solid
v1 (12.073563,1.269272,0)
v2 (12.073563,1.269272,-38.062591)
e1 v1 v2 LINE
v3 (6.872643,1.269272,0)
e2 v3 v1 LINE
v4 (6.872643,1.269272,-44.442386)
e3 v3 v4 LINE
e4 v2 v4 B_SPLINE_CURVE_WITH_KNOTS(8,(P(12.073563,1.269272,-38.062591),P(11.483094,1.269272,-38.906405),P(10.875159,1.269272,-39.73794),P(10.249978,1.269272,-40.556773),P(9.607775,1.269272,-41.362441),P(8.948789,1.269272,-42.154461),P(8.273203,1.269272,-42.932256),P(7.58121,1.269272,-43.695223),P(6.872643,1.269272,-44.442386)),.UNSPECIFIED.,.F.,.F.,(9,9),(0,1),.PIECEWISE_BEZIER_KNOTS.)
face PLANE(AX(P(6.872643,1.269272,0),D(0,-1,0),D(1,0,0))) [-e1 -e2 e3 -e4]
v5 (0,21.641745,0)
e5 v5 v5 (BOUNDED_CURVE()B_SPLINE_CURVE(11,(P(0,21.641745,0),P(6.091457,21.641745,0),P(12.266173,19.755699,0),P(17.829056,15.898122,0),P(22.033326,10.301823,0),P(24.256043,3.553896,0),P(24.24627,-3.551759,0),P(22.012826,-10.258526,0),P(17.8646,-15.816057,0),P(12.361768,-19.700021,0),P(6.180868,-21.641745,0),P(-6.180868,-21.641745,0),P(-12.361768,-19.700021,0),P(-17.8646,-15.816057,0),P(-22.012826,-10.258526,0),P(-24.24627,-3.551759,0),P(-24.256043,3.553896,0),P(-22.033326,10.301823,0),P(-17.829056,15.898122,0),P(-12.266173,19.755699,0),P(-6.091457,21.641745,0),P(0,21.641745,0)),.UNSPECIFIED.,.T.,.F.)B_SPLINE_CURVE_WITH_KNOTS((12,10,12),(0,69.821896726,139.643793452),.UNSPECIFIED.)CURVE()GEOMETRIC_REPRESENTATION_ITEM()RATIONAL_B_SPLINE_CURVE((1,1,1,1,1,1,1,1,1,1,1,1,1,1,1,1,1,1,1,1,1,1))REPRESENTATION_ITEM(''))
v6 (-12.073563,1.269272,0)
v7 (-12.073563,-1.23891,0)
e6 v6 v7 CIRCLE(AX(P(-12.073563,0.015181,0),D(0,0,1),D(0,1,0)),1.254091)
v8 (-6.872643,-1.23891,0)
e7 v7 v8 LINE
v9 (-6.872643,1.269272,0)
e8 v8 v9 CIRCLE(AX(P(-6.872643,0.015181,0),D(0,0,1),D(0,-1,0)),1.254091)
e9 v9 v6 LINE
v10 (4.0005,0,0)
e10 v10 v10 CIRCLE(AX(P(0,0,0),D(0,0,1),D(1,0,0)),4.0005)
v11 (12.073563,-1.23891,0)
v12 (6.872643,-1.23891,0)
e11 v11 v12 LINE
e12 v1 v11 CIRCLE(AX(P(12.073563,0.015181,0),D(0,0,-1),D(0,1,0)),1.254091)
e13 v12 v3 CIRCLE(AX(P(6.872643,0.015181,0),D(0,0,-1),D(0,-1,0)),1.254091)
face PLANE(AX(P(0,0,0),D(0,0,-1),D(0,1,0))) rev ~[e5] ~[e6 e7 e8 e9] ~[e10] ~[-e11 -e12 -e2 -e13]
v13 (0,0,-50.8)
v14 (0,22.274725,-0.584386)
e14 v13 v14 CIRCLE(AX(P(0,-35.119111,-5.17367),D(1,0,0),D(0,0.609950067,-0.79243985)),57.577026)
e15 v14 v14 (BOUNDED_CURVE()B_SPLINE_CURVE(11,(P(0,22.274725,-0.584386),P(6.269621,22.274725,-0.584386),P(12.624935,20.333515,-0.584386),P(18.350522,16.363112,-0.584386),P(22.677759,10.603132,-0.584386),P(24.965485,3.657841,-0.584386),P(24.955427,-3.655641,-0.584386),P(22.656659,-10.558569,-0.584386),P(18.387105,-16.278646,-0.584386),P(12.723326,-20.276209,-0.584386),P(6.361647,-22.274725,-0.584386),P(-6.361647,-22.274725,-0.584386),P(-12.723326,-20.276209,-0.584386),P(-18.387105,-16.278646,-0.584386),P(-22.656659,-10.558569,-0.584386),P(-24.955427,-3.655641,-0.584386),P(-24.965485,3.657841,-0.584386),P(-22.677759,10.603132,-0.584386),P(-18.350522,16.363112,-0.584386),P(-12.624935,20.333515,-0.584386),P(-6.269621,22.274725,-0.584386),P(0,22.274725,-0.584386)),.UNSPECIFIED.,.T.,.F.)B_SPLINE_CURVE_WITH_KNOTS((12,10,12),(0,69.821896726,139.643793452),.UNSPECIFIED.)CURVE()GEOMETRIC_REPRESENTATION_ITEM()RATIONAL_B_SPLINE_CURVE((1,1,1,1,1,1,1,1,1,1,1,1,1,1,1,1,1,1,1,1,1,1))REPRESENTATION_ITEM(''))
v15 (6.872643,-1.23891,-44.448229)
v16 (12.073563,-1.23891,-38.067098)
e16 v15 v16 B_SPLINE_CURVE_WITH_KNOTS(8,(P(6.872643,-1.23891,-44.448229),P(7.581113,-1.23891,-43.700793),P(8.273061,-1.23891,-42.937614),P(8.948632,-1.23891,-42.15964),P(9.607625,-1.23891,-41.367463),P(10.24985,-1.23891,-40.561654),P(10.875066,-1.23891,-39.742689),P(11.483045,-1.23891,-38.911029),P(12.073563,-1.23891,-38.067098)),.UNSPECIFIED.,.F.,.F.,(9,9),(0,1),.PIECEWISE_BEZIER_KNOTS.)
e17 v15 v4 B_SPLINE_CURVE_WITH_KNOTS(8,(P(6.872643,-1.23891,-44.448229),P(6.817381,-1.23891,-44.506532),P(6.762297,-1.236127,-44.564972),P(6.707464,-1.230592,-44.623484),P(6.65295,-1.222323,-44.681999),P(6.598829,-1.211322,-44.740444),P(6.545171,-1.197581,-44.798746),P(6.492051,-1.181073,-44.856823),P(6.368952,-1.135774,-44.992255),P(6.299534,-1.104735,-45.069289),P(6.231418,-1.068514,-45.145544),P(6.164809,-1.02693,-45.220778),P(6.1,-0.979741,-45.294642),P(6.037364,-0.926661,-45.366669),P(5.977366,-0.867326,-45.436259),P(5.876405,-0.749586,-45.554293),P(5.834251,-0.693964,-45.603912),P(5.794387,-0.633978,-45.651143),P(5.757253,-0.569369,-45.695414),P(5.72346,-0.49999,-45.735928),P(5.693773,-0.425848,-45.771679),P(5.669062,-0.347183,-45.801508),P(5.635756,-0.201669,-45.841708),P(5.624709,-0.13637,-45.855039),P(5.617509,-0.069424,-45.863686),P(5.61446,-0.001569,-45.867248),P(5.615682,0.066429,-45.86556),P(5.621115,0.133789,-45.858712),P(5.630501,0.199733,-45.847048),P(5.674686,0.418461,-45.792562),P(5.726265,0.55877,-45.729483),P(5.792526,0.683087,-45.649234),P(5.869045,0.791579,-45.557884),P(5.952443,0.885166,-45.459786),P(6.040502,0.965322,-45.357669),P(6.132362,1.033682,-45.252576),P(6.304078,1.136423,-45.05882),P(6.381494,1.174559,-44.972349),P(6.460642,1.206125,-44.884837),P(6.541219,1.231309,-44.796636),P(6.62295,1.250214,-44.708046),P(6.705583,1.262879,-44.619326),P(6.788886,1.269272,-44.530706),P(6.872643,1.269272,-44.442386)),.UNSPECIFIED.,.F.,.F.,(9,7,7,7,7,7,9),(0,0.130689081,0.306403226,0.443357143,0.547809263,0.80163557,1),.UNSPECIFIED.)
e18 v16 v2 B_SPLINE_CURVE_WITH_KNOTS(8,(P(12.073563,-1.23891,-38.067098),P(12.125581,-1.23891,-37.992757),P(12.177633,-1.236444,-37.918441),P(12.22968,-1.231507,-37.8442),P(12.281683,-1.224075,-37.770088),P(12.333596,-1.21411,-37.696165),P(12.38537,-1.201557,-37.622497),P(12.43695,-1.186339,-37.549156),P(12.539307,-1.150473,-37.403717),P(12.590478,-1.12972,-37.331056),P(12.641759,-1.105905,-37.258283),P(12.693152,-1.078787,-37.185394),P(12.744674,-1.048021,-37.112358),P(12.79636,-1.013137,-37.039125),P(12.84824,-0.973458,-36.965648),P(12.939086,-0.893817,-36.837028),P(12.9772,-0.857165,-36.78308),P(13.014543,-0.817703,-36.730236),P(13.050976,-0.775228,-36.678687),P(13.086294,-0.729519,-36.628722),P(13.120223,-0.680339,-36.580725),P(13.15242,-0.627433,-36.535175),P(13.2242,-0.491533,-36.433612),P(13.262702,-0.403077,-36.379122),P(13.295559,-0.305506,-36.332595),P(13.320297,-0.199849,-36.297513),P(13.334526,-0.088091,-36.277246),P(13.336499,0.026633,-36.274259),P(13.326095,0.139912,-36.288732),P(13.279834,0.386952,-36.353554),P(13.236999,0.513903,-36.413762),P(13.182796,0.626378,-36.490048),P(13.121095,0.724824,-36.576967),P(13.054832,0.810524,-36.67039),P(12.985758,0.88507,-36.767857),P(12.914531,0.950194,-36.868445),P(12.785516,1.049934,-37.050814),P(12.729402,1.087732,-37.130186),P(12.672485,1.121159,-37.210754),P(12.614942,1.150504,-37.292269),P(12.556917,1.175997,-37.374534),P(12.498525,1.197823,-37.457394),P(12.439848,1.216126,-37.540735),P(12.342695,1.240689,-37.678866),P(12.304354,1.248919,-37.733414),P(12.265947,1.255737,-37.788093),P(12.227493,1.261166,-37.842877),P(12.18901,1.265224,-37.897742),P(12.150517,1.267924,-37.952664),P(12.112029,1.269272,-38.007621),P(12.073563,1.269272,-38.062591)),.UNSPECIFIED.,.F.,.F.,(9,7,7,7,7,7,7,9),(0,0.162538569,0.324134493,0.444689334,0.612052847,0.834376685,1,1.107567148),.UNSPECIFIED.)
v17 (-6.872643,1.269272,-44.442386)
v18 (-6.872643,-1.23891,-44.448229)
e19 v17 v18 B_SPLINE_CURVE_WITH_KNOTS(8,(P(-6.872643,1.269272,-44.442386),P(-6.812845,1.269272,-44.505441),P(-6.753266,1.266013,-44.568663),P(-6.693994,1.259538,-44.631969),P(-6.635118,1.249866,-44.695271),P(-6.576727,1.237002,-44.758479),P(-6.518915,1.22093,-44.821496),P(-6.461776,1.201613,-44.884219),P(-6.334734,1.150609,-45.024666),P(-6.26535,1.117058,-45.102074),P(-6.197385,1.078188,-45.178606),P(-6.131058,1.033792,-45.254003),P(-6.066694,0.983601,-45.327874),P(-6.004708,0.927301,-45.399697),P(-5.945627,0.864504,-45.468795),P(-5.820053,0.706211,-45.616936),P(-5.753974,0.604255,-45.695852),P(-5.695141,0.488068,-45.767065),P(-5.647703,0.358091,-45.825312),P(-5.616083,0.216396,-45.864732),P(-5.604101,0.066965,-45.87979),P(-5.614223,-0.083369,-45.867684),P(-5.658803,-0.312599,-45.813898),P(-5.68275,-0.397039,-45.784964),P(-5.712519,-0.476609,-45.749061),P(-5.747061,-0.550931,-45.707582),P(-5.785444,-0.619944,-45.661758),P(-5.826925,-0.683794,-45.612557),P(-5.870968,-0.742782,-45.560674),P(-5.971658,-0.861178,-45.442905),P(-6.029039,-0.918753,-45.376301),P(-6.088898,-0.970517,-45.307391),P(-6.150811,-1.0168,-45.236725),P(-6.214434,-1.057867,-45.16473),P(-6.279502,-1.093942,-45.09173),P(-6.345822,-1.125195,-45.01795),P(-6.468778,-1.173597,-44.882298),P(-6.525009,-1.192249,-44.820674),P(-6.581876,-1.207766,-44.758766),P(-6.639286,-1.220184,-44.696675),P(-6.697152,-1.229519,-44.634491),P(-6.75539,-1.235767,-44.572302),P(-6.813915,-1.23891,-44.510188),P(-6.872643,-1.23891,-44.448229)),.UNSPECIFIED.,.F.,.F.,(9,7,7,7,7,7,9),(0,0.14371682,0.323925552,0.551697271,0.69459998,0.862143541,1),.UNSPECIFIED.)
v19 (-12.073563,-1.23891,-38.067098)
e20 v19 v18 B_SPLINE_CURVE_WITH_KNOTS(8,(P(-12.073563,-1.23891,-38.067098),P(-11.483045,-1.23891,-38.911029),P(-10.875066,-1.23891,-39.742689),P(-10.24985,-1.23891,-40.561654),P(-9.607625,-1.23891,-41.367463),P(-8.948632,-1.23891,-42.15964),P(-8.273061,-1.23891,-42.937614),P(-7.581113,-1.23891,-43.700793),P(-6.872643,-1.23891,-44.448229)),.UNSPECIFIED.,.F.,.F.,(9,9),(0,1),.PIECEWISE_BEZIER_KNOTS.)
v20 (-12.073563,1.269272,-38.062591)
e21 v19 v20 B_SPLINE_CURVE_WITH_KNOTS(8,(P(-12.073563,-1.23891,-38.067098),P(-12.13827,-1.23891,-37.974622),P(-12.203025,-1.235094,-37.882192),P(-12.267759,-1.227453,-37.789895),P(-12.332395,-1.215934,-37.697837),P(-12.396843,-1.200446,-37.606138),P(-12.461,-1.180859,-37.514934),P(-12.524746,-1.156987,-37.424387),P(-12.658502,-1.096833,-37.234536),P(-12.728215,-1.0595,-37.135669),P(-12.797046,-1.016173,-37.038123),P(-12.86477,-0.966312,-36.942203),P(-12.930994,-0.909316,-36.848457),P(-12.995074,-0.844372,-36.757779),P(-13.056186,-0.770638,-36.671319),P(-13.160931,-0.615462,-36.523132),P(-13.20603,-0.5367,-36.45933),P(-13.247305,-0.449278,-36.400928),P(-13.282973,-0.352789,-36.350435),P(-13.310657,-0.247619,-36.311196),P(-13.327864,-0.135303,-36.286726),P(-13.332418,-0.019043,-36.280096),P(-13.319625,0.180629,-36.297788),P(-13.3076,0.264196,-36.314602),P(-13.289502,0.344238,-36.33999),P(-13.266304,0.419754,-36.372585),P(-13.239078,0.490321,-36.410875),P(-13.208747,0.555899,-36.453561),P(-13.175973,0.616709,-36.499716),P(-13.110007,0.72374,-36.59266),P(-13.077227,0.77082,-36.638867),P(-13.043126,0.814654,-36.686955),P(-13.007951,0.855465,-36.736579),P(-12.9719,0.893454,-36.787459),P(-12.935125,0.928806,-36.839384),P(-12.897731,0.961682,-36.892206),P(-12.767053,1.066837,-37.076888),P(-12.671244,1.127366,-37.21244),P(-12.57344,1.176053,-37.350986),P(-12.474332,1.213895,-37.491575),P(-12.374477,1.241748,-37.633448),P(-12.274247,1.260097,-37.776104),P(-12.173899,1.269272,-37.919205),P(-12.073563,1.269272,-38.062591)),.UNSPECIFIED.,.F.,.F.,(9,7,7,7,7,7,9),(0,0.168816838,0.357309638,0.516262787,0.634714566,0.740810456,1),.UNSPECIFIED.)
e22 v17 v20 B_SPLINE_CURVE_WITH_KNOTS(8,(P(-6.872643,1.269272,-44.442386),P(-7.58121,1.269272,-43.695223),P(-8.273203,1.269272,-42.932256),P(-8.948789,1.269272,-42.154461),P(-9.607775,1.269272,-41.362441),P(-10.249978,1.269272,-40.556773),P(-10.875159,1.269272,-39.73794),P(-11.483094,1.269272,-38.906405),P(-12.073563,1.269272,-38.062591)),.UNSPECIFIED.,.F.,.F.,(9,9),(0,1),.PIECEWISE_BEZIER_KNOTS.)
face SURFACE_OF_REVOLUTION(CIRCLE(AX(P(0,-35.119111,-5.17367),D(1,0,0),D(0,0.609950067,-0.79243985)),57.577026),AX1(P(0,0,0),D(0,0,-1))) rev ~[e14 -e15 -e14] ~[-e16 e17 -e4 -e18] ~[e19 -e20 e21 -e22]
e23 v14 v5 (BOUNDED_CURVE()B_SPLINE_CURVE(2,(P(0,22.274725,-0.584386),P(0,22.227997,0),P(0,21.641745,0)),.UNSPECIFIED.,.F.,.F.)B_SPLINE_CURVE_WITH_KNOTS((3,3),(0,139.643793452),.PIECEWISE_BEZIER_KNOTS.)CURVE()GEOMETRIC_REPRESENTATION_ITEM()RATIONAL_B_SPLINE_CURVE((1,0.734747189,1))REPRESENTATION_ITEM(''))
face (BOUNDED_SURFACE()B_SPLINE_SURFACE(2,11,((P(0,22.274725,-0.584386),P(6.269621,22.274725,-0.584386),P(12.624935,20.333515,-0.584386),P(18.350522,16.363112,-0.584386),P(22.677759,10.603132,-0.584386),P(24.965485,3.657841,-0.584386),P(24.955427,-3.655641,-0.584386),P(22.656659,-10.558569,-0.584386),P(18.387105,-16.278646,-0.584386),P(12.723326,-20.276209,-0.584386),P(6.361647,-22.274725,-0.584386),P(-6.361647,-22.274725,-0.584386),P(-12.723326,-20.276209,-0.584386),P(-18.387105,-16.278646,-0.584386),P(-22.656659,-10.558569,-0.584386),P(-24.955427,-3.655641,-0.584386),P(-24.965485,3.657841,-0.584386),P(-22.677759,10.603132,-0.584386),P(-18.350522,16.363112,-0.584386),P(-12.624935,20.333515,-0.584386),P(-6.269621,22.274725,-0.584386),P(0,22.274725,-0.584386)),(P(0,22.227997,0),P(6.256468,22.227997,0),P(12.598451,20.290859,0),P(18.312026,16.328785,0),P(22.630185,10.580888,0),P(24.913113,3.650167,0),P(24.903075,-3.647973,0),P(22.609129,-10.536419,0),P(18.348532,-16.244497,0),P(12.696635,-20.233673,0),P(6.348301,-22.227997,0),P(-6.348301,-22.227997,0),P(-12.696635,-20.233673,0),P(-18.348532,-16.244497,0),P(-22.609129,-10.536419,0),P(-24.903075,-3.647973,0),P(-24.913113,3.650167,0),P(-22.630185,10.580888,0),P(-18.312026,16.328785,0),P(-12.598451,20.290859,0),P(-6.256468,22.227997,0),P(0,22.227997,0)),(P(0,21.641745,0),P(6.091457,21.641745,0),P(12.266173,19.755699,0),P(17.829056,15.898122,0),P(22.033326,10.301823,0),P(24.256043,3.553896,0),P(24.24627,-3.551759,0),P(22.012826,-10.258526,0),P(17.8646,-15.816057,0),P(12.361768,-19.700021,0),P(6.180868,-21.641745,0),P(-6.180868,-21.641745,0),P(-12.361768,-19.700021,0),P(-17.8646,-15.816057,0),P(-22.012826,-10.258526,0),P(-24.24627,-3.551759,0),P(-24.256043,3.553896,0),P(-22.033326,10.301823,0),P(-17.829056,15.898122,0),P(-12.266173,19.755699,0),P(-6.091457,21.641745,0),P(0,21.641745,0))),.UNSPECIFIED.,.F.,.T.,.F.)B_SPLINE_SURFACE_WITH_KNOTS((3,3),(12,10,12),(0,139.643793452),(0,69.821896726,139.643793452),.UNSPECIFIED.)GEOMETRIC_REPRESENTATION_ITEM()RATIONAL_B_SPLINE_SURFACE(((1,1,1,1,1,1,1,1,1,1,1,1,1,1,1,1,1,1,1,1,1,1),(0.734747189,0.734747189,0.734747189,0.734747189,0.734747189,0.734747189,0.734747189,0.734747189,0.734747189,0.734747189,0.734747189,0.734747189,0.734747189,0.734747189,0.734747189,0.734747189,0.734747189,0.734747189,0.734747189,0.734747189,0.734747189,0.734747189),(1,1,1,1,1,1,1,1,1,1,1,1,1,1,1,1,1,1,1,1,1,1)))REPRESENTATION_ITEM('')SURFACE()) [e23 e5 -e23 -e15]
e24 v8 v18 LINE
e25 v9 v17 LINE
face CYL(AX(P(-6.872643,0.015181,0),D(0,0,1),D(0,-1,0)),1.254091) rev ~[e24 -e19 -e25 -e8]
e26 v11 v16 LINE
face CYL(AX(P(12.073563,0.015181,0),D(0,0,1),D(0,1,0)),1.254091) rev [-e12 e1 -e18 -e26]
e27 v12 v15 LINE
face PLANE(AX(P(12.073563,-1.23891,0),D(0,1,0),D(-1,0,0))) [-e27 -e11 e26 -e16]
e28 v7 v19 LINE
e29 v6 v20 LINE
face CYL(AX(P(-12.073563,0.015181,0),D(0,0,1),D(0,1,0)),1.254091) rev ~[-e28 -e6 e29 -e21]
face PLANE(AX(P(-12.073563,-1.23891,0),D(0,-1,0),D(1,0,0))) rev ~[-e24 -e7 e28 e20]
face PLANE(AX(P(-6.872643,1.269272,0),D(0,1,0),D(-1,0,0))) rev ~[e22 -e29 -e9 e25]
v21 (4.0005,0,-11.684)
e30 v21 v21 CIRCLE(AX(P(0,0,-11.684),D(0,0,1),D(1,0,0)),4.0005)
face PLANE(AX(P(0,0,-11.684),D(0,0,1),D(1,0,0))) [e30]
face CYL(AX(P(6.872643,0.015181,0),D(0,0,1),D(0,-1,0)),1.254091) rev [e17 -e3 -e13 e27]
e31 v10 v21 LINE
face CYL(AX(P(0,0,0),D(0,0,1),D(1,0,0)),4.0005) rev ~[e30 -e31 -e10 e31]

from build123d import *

# Parameters (mm, degrees)
FILLET4_R          = 0.635
SKETCH10_R         = 4.0005
CUT_EXTRUDE5_DEPTH = 11.684
CUT_EXTRUDE6_DEPTH = 82.55


with BuildPart() as part:
    # Sketch9 → Revolve2 (revolve)
    with BuildSketch(Plane(origin=(0, 0, 0), x_dir=(0, 0, -1), z_dir=(1, 0, 0))):
        with BuildLine():
            Line((0, 0), (50.8, 0))
            ThreePointArc((50.8, 0), (28.251626652, 17.630503777), (0, 22.225))
            Line((0, 22.225), (0, 0))
        make_face()
    revolve(axis=Axis((0, 0, 0), (0, 0, -1)))

    # Fillet4
    fillet4_edges = [part.edges().sort_by_distance(p)[0] for p in [
        (0, -22.225, 0),
    ]]
    fillet(fillet4_edges, radius=FILLET4_R)

    # Sketch10 → Cut-Extrude5 (cut)
    with BuildSketch(Plane.XY):
        Circle(SKETCH10_R)
    extrude(amount=-CUT_EXTRUDE5_DEPTH, mode=Mode.SUBTRACT)

    # Sketch11 → Cut-Extrude6 (cut)
    with BuildSketch(Plane.XY):
        with BuildLine():
            Line((6.872643409, 1.269271981), (12.073562746, 1.269271981))
            ThreePointArc((12.073562746, 1.269271981), (13.327653654, 0.015181073), (12.073562746, -1.238909835))
            Line((12.073562746, -1.238909835), (6.872643409, -1.238909835))
            ThreePointArc((6.872643409, -1.238909835), (5.618552501, 0.015181073), (6.872643409, 1.269271981))
        make_face()
        with BuildLine():
            Line((-6.872643409, 1.269271981), (-12.073562746, 1.269271981))
            ThreePointArc((-12.073562746, 1.269271981), (-13.327653654, 0.015181073), (-12.073562746, -1.238909835))
            Line((-12.073562746, -1.238909835), (-6.872643409, -1.238909835))
            ThreePointArc((-6.872643409, -1.238909835), (-5.618552501, 0.015181073), (-6.872643409, 1.269271981))
        make_face()
    extrude(amount=-CUT_EXTRUDE6_DEPTH, mode=Mode.SUBTRACT)


solid = part.part
